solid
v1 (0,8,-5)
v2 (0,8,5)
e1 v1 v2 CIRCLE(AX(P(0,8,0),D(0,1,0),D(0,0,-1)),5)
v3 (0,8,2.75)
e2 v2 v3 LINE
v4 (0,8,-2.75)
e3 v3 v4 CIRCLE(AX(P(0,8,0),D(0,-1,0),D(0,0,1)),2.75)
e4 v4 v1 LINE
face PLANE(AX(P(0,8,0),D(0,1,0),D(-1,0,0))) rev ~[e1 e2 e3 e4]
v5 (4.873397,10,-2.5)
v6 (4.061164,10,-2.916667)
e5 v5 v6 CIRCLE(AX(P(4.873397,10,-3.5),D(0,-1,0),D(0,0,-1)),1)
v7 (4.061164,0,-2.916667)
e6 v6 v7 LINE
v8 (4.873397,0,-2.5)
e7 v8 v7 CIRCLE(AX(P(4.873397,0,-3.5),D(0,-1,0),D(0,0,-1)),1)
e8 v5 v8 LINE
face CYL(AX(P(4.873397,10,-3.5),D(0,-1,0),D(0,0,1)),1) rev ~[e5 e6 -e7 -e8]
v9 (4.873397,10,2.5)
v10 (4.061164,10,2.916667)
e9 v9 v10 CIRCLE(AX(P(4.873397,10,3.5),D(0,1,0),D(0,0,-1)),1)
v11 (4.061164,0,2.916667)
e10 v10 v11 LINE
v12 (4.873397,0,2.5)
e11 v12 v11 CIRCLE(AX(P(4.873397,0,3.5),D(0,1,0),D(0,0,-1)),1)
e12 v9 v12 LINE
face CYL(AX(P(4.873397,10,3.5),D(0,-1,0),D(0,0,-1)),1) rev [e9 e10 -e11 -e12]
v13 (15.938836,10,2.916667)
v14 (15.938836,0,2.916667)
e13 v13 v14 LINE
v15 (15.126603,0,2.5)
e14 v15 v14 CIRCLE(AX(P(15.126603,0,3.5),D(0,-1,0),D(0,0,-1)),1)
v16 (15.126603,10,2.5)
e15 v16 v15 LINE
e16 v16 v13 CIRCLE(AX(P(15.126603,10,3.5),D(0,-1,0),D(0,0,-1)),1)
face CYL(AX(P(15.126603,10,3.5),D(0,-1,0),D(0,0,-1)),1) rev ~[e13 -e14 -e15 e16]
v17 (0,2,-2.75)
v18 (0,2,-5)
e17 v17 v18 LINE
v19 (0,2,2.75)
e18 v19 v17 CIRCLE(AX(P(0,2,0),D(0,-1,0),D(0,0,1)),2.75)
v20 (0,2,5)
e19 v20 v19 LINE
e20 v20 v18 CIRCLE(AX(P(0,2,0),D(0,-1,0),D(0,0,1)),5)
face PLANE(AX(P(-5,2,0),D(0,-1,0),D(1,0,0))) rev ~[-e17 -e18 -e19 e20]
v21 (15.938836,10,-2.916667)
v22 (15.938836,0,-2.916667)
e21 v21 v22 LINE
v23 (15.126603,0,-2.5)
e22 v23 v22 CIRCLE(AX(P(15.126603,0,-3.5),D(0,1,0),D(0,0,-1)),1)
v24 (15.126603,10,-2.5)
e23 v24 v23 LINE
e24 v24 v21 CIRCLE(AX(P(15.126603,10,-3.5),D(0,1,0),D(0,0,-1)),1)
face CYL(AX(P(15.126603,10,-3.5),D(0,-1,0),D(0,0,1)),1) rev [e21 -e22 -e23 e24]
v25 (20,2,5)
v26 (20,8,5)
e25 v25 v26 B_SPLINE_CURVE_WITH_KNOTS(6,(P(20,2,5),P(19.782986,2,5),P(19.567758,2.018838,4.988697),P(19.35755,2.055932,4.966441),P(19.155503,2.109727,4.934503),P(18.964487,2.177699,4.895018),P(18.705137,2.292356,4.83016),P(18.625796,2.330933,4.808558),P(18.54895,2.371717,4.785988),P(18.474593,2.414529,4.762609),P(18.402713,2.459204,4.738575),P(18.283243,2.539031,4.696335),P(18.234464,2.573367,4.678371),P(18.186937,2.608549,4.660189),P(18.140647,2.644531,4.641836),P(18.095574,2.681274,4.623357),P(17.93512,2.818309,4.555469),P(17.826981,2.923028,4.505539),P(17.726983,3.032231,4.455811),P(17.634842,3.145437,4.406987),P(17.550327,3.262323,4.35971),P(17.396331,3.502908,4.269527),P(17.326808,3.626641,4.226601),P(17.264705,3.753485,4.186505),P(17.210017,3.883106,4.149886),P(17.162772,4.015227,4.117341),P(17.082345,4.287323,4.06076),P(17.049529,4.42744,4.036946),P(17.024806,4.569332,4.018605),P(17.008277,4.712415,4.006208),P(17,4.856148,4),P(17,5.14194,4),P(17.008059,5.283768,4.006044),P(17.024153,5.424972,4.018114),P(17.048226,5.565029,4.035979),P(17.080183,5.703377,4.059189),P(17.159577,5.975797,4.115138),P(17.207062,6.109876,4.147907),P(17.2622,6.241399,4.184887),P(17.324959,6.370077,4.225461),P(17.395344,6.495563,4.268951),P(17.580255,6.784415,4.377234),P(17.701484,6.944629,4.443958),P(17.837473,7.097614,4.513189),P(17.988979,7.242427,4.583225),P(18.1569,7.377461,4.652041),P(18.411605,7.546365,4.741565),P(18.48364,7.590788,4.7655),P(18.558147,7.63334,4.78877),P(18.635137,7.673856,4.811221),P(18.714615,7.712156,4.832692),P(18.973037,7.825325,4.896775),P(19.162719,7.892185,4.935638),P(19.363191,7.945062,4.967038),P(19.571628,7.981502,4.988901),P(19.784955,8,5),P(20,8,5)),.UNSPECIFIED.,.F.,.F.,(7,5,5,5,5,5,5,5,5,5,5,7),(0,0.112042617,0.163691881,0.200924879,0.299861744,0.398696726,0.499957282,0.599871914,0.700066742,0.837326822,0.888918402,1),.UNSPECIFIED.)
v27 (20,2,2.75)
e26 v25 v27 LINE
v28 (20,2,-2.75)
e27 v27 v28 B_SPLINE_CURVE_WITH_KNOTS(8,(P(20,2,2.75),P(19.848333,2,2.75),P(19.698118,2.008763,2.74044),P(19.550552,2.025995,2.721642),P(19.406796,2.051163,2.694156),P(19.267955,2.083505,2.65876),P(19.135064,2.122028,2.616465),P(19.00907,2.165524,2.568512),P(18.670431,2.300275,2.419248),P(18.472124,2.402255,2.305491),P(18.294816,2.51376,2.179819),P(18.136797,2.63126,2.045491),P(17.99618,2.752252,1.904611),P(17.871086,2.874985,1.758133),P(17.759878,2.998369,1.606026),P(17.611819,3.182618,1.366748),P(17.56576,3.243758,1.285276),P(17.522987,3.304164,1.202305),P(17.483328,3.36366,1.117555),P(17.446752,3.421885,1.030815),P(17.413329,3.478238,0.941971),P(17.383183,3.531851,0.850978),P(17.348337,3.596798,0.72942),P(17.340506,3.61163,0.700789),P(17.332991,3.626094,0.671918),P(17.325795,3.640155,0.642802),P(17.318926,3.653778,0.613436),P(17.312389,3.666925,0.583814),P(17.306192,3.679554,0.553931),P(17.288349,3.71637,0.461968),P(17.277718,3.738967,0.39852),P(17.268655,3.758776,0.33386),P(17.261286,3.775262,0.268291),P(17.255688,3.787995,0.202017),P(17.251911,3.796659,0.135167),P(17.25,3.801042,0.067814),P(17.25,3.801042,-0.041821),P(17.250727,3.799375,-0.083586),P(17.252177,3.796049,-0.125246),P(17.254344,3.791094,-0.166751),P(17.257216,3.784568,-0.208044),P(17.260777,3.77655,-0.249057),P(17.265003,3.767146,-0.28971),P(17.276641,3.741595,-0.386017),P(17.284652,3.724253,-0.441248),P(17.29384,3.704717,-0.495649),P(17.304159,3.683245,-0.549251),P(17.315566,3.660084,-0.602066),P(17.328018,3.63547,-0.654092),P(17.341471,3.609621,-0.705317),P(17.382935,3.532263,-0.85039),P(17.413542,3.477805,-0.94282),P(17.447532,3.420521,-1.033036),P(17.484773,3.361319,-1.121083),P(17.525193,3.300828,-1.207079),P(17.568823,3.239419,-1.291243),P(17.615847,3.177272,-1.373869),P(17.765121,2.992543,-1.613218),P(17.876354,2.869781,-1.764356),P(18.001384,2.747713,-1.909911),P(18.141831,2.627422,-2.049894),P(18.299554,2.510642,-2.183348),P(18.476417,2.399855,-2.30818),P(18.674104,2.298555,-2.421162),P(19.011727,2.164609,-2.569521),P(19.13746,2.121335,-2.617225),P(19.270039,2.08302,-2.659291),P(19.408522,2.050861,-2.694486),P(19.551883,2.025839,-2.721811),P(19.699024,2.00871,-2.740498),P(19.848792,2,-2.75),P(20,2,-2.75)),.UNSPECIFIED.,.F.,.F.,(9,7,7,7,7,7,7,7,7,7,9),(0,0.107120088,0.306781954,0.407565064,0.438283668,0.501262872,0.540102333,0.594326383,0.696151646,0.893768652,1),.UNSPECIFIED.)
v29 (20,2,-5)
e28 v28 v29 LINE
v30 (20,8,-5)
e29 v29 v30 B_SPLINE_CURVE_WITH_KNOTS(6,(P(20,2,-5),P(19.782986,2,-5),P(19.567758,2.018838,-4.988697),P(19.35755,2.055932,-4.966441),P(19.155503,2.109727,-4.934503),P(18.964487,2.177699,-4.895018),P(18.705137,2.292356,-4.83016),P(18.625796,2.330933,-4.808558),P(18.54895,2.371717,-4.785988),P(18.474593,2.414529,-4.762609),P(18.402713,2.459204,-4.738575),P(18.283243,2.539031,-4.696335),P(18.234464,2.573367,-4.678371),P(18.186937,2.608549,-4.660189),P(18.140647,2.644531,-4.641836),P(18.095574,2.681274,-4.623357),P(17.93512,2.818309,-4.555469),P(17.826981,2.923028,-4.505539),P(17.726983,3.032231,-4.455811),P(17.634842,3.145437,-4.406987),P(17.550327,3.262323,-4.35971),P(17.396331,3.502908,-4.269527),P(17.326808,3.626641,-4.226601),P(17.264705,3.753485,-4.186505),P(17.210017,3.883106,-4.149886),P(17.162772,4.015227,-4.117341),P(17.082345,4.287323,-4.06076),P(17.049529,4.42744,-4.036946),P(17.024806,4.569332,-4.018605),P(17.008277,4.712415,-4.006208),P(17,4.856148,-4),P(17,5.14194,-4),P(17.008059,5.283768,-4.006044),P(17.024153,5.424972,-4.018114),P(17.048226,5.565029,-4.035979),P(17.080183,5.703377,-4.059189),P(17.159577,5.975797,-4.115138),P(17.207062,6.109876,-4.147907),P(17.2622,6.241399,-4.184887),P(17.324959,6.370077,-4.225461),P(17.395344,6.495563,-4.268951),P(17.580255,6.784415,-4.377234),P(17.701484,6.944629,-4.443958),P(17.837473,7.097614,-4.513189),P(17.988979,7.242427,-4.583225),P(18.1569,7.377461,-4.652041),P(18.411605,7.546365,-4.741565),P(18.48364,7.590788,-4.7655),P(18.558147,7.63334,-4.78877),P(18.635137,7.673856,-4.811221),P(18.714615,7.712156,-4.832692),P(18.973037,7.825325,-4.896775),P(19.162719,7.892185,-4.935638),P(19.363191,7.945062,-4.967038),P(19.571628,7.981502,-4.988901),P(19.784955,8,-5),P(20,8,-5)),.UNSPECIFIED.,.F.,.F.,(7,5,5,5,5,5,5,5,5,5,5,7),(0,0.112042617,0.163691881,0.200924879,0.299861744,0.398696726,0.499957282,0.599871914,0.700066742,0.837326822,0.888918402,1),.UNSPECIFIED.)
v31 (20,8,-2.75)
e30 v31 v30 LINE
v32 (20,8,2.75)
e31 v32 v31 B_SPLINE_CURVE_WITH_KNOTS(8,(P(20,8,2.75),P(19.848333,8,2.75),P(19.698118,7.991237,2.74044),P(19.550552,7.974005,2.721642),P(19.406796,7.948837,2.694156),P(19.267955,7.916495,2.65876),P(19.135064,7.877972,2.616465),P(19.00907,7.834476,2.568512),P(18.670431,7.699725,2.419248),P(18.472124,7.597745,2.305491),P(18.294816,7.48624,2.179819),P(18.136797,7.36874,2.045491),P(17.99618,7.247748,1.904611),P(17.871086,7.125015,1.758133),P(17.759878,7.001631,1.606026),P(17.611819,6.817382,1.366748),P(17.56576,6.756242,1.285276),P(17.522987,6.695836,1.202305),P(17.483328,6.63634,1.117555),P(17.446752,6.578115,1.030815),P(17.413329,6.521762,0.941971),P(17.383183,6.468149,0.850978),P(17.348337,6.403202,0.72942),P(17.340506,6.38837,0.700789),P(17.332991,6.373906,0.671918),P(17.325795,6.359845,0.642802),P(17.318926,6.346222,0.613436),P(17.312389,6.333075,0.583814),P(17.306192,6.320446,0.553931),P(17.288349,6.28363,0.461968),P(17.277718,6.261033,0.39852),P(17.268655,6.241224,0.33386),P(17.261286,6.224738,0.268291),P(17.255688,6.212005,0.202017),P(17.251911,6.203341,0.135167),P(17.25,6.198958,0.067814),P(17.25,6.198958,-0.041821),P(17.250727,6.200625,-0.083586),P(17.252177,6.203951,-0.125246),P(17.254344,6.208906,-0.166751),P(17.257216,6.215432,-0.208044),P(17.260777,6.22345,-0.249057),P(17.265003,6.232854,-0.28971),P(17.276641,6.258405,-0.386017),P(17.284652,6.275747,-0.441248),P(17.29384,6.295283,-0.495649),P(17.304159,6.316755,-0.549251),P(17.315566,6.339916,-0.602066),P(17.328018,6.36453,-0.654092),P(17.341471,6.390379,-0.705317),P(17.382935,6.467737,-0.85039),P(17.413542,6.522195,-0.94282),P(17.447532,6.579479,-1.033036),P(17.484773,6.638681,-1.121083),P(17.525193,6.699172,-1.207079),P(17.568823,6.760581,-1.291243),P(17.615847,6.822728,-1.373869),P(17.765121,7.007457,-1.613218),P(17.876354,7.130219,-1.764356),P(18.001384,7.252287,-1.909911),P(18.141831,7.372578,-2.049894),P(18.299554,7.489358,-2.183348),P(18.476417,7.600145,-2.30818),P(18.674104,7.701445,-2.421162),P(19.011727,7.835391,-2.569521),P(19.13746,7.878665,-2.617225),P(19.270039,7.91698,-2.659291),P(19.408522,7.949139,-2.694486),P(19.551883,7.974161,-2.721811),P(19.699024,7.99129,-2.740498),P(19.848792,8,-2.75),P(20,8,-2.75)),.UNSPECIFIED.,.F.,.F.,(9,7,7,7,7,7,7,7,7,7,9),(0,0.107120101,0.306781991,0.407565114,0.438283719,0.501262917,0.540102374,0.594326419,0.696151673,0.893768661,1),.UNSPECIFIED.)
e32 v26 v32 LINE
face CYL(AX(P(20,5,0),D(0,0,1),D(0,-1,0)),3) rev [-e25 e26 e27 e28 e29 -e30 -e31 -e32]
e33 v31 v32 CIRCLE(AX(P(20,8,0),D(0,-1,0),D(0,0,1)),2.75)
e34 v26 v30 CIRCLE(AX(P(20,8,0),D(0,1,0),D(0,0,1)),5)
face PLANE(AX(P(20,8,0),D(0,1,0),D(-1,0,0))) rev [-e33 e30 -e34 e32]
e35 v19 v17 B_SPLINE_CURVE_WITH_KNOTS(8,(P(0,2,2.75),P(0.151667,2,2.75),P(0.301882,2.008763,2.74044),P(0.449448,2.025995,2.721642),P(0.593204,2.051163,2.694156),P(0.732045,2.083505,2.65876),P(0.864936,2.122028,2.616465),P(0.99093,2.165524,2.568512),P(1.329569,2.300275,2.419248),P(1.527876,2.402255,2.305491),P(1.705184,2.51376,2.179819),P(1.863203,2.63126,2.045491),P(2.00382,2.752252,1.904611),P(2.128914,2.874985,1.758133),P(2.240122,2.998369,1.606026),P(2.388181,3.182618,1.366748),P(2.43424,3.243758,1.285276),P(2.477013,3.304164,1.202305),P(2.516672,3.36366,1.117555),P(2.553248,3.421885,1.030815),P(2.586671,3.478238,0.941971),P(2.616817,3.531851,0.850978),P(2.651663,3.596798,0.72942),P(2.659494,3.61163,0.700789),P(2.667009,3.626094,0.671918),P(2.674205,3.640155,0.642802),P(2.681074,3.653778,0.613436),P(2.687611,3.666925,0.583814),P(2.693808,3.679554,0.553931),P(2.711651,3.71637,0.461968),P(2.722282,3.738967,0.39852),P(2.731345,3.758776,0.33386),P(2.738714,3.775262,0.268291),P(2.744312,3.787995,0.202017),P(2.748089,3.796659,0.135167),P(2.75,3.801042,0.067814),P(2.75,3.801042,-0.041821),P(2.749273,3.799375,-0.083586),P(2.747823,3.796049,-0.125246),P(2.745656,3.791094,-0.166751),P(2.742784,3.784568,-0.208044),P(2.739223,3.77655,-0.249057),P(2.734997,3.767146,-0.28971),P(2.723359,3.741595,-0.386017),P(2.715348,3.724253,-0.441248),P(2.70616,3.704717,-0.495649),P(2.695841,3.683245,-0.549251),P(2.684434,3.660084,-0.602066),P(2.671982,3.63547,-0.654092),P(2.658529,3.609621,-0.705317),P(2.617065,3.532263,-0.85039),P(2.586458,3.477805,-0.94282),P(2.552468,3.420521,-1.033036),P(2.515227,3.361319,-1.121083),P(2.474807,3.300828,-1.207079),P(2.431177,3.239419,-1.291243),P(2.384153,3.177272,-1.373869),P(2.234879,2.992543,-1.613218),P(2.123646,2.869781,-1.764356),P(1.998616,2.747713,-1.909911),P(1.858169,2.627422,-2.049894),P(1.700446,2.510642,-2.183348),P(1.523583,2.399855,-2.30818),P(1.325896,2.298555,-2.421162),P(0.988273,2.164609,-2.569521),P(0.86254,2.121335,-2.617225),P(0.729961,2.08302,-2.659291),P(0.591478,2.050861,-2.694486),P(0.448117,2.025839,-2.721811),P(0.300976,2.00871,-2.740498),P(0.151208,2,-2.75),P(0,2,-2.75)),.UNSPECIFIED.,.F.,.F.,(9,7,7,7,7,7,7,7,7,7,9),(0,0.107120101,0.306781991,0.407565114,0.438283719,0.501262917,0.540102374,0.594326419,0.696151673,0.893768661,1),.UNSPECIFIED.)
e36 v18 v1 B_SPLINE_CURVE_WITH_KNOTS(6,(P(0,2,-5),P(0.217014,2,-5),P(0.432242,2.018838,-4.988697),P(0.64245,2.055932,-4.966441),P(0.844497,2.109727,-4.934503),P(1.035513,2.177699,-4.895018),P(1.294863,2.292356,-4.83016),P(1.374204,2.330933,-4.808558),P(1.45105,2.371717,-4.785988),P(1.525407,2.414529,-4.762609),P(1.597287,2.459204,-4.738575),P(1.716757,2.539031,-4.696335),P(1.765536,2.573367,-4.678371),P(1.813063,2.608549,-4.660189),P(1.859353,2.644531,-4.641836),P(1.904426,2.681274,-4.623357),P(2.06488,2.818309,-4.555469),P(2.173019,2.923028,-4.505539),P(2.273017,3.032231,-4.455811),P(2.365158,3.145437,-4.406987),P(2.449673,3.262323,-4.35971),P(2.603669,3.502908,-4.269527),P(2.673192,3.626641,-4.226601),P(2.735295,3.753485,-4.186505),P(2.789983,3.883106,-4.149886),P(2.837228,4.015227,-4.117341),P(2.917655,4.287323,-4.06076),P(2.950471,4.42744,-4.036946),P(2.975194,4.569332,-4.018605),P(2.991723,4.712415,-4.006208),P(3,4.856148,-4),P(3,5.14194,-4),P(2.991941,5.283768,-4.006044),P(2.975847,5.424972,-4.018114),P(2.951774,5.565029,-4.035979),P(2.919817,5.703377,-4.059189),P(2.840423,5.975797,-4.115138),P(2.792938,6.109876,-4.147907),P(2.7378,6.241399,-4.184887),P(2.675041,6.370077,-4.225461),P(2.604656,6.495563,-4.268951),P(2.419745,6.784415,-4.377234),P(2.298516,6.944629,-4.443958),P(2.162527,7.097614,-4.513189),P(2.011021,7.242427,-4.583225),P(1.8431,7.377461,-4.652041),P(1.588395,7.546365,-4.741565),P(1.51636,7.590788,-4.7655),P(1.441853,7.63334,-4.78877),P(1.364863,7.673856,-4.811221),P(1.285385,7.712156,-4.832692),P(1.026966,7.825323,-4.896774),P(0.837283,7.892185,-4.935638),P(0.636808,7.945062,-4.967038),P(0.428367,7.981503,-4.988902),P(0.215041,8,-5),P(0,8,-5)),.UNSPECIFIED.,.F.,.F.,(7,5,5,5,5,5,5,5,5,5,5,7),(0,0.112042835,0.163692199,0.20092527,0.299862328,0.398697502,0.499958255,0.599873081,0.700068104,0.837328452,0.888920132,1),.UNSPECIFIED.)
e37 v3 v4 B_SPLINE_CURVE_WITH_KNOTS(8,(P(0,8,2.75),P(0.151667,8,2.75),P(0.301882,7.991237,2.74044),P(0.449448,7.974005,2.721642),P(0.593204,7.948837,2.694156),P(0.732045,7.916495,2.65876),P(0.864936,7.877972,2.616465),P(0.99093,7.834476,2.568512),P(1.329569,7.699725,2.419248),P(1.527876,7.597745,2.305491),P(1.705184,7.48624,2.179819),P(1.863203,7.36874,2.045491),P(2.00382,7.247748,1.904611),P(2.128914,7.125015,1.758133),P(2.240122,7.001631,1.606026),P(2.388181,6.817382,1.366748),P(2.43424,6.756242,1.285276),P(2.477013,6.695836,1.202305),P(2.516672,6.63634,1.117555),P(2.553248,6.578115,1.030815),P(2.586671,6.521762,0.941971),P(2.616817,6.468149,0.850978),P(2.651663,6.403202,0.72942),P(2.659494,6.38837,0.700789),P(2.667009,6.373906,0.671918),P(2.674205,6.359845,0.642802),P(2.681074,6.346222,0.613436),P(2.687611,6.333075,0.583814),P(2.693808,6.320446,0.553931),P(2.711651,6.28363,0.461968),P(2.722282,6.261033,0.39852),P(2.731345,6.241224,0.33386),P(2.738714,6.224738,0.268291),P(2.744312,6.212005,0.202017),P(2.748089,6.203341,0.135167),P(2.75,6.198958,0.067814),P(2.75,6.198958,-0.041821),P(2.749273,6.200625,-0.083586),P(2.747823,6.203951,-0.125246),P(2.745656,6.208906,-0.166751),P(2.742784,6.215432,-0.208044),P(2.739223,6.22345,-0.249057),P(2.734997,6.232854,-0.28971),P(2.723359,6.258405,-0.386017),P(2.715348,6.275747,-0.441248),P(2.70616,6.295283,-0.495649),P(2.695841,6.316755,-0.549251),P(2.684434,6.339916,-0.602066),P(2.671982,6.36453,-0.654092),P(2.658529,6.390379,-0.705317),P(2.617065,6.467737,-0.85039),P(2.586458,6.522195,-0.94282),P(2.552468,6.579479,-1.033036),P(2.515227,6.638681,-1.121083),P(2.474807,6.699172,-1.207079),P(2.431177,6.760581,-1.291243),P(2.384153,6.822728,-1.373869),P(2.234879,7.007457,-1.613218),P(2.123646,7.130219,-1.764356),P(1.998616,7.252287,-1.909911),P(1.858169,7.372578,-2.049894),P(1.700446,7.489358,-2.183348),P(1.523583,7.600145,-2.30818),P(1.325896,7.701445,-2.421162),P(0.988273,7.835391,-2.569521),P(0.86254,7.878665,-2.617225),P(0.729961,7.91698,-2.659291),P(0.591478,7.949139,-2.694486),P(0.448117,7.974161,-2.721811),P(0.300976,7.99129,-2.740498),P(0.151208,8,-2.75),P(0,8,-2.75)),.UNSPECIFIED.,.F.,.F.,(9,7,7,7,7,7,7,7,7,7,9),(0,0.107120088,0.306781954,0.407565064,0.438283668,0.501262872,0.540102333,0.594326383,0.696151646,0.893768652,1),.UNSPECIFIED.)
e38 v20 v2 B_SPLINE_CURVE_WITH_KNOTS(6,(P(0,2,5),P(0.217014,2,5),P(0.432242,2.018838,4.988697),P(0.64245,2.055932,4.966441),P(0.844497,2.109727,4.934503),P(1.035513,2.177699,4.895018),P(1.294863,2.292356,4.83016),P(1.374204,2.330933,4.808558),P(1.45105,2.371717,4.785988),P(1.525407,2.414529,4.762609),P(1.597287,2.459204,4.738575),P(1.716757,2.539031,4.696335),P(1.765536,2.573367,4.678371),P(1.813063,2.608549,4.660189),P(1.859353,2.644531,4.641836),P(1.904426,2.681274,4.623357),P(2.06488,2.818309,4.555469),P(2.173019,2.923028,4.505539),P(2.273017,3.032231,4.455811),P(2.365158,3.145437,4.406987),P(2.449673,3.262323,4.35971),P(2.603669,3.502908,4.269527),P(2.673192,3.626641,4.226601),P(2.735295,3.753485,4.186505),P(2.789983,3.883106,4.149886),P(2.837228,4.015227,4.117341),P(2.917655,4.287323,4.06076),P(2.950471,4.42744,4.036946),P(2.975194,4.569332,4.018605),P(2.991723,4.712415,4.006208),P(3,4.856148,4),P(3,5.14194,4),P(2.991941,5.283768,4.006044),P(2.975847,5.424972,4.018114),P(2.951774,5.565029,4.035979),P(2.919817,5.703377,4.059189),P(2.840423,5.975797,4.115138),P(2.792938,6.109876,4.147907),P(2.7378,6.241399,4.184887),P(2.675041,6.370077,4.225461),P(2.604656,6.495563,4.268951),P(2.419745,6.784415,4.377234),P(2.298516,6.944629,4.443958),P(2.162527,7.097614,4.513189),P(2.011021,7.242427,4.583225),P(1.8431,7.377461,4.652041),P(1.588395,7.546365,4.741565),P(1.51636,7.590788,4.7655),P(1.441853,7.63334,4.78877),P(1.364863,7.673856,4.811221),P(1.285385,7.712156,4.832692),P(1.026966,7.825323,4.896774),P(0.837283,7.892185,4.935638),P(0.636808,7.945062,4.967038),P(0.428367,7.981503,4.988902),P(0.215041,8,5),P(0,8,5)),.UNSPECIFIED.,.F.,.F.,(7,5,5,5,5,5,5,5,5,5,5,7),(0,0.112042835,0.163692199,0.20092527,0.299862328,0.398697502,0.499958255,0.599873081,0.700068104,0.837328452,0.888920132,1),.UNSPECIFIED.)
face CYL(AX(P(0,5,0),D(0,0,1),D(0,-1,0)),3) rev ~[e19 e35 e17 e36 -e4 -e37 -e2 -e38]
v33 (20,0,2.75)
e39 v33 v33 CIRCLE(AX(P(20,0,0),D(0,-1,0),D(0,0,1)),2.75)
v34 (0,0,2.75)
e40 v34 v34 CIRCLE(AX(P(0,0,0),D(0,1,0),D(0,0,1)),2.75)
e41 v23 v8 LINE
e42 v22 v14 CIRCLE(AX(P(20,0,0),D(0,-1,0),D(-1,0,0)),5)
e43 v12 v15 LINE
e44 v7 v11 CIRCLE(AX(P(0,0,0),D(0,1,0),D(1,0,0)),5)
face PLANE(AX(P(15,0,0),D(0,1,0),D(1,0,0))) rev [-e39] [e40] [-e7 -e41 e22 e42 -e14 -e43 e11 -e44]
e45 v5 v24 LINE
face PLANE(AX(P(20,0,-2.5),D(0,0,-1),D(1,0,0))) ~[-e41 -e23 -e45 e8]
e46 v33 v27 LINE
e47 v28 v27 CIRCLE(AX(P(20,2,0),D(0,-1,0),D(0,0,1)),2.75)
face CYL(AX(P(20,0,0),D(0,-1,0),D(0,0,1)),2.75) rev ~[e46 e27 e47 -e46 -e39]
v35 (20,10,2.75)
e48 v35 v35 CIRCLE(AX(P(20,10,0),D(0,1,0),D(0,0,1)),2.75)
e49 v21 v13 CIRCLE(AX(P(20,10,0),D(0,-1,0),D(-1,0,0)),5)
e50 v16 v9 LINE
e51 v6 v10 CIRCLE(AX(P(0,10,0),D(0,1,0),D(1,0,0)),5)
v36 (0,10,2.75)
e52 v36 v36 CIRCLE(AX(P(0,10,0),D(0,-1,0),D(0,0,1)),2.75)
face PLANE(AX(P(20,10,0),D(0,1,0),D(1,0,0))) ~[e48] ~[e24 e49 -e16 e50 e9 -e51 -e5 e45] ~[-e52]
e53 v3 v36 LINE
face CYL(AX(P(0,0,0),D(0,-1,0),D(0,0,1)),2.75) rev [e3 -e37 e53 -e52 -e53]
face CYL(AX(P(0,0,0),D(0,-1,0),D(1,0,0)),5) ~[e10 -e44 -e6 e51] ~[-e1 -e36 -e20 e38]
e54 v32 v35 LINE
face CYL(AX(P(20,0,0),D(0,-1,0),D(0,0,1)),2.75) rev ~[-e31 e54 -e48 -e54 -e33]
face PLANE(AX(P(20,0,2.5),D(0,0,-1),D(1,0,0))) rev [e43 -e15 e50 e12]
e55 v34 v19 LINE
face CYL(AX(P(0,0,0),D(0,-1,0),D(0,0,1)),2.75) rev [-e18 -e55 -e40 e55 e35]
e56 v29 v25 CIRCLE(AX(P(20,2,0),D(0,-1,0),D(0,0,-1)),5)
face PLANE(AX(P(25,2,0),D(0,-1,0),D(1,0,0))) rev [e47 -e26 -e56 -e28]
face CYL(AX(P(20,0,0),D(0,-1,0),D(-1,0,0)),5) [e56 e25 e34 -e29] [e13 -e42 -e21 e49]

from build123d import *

# Parameters (mm, degrees)
SKETCH1_W            = 10
SKETCH1_H            = 5
BOSS_EXTRUDE1_DEPTH  = 10
SKETCH2_R            = 5
BOSS_EXTRUDE2_DEPTH  = 10
CUT_EXTRUDE1_REACH   = 17
SKETCH3_R            = 2.75
CUT_EXTRUDE2_DEPTH   = 16
FILLET1_R            = 1
FILLET1_OF_MIRROR1_R = 1


with BuildPart() as part:
    # Sketch1 → Boss-Extrude1 (new body)
    with BuildSketch(Plane(origin=(0, 0, 0), x_dir=(1, 0, 0), z_dir=(0, 1, 0))):
        with Locations((5, 0)):
            Rectangle(SKETCH1_W, SKETCH1_H)
    boss_extrude1 = extrude(amount=BOSS_EXTRUDE1_DEPTH)

    # Sketch2 → Boss-Extrude2 (add)
    with BuildSketch(Plane(origin=(0, 0, 0), x_dir=(1, 0, 0), z_dir=(0, 1, 0))):
        Circle(SKETCH2_R)
    boss_extrude2 = extrude(amount=BOSS_EXTRUDE2_DEPTH)

    # Sketch3 → Cut-Extrude1 (cut, up to next)
    with BuildSketch(Plane(origin=(0, 0, 0), x_dir=(1, 0, 0), z_dir=(0, 1, 0)), mode=Mode.PRIVATE) as cut_extrude1_sk1:
        with Locations(Location((0, 0, 0), (0, 0, 270))):
            Circle(SKETCH3_R)
    cut_extrude1_tool1 = extrude(cut_extrude1_sk1.sketch, amount=CUT_EXTRUDE1_REACH, mode=Mode.PRIVATE) & part.part
    cut_extrude1 = cut_extrude1_tool1.solids().sort_by_distance((0, 0, 0))[0]
    add(cut_extrude1, mode=Mode.SUBTRACT)

    # Sketch4 → Cut-Extrude2 (cut, symmetric)
    with BuildSketch(Plane.XY):
        with BuildLine():
            Line((0, 8), (-5, 8))
            Line((-5, 8), (-5, 2))
            Line((-5, 2), (0, 2))
            ThreePointArc((0, 2), (3, 5), (0, 8))
        make_face()
    cut_extrude2 = extrude(amount=CUT_EXTRUDE2_DEPTH, both=True, mode=Mode.SUBTRACT)

    # Fillet1
    fillet1_edges = [part.edges().sort_by_distance(p)[0] for p in [
        (4.330127019, 5, 2.5),
        (4.330127019, 5, -2.5),
    ]]
    fillet(fillet1_edges, radius=FILLET1_R)

    # Mirror1: Boss-Extrude1, Boss-Extrude2, Cut-Extrude1, Cut-Extrude2 across plane
    add(boss_extrude1.mirror(Plane(origin=(10, 10, -2.5), x_dir=(0, 0, 1), z_dir=(-1, 0, 0))))
    add(boss_extrude2.mirror(Plane(origin=(10, 10, -2.5), x_dir=(0, 0, 1), z_dir=(-1, 0, 0))))
    add(cut_extrude1.mirror(Plane(origin=(10, 10, -2.5), x_dir=(0, 0, 1), z_dir=(-1, 0, 0))), mode=Mode.SUBTRACT)
    add(cut_extrude2.mirror(Plane(origin=(10, 10, -2.5), x_dir=(0, 0, 1), z_dir=(-1, 0, 0))), mode=Mode.SUBTRACT)

    # Fillet1 of Mirror1
    fillet1_of_mirror1_edges = [part.edges().sort_by_distance(p)[0] for p in [
        (15.669872981, 5, 2.5),
        (15.669872981, 5, -2.5),
    ]]
    fillet(fillet1_of_mirror1_edges, radius=FILLET1_OF_MIRROR1_R)


solid = part.part
